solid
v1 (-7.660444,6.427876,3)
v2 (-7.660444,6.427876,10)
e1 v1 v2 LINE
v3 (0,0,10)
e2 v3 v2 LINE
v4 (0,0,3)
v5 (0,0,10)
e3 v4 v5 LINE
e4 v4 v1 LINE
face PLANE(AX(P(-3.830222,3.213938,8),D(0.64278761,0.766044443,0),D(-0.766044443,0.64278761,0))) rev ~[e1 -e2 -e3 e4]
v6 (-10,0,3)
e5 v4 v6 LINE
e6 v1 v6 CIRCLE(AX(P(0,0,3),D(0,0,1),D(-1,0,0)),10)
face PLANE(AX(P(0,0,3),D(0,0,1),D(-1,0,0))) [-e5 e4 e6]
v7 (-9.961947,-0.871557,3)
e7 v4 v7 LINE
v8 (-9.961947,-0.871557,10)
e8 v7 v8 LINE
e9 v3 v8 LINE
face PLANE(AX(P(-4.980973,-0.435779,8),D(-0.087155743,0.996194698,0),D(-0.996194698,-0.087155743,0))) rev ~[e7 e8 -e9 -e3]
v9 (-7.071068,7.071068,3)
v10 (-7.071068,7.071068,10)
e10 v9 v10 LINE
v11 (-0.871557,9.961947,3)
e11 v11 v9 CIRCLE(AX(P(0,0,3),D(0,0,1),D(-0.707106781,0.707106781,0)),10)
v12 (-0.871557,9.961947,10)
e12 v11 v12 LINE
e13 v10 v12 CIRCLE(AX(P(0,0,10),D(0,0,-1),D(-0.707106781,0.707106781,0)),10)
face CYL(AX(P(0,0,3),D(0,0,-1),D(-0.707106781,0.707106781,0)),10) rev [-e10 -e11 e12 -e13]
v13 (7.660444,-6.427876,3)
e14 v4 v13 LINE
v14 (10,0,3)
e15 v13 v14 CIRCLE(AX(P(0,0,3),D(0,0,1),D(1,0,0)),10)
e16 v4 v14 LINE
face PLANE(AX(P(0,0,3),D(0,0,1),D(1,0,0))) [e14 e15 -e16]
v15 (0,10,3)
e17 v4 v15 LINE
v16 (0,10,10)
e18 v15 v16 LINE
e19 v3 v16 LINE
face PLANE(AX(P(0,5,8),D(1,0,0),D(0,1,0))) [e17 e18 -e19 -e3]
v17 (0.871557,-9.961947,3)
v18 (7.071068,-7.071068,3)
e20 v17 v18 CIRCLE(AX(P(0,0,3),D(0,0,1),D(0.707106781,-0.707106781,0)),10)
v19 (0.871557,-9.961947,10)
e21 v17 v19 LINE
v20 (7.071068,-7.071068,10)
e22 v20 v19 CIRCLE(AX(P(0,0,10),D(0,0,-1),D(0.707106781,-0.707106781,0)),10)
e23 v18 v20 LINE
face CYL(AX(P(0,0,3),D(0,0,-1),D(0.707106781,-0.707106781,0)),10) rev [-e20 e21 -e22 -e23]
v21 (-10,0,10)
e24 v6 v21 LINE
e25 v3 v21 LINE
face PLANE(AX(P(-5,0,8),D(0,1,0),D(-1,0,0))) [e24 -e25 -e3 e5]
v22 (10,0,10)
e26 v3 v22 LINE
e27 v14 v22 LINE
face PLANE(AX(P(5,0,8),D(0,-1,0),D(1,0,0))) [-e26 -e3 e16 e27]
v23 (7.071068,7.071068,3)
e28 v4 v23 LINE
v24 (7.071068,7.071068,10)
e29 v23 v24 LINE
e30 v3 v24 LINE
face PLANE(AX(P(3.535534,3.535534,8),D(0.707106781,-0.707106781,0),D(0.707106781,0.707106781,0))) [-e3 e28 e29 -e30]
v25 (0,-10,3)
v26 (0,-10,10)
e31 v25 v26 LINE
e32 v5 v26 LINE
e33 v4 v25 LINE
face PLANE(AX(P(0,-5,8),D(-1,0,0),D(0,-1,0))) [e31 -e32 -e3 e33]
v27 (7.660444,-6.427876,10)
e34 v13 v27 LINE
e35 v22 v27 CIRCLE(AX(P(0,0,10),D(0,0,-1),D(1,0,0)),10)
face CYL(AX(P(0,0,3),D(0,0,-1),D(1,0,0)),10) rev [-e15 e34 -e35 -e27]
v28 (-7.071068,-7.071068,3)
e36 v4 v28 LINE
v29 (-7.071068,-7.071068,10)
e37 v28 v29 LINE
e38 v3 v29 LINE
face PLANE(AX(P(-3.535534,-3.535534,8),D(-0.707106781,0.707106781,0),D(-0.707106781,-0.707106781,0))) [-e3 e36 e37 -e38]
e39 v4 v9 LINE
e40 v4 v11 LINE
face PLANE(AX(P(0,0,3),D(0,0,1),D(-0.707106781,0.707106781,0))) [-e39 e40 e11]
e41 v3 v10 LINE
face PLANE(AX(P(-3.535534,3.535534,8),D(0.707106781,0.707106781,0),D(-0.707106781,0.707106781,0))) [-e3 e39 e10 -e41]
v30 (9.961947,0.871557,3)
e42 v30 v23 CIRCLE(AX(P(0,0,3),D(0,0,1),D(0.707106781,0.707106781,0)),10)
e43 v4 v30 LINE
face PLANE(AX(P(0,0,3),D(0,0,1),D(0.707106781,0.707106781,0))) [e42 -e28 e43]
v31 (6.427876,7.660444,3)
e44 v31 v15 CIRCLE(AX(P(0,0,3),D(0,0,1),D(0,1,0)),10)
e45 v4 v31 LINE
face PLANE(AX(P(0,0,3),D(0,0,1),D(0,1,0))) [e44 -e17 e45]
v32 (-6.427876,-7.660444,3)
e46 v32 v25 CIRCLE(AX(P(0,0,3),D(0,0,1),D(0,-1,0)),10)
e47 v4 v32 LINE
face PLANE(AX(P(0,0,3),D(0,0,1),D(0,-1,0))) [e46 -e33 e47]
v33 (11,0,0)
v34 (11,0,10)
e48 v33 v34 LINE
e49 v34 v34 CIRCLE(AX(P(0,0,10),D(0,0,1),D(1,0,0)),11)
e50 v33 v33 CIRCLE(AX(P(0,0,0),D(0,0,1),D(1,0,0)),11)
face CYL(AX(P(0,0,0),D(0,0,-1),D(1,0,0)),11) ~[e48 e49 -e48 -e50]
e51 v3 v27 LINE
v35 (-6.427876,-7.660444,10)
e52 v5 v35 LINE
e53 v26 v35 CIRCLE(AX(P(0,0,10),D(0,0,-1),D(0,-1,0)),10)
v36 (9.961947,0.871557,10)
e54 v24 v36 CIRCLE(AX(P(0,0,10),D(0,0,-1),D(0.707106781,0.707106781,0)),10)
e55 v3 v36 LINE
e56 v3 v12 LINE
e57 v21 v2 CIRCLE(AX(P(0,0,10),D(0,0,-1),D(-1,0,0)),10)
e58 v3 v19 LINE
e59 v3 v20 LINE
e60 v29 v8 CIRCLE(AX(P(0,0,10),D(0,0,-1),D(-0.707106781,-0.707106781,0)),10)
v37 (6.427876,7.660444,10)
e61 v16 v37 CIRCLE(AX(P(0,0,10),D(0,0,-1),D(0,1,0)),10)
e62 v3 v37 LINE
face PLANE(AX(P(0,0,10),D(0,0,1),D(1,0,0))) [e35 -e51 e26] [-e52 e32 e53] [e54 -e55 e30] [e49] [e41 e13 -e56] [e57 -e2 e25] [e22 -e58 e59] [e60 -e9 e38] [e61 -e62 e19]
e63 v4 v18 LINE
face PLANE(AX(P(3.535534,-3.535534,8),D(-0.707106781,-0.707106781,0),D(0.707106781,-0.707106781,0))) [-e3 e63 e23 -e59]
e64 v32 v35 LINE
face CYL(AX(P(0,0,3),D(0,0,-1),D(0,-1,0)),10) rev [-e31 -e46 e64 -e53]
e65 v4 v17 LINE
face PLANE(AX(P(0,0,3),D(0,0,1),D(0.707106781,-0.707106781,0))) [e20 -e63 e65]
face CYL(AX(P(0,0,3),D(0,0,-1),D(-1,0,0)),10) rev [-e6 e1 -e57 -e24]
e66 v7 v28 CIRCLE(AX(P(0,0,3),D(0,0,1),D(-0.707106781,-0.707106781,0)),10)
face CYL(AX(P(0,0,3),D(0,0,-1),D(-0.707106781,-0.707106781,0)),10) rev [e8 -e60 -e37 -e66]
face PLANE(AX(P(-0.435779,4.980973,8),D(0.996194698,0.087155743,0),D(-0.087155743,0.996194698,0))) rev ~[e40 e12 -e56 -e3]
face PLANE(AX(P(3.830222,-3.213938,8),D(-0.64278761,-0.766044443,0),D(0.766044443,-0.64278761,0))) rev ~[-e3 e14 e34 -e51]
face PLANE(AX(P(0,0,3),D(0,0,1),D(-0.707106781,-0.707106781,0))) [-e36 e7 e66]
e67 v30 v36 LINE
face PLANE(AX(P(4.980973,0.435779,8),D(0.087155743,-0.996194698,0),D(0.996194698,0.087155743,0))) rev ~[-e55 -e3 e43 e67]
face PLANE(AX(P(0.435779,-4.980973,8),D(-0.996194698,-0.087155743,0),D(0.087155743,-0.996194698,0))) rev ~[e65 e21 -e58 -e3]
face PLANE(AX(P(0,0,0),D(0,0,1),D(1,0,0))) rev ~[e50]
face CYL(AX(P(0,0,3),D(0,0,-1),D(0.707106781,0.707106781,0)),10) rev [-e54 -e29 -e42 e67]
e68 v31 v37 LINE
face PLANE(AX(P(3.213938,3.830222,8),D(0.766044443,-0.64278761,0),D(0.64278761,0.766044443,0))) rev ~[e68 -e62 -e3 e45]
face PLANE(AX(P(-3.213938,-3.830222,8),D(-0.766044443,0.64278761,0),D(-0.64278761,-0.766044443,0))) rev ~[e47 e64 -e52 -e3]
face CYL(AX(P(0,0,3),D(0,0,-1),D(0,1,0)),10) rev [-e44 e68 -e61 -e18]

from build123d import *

# Parameters (mm, degrees)
CYLINDER001_W     = 10
CYLINDER001_H     = 10
CYLINDER001_ANGLE = 320
CYLINDER_R        = 10
CYLINDER_DEPTH    = 10
ARRAY_COUNT       = 8
CYLINDER002_R     = 11
CYLINDER002_DEPTH = 10


with BuildPart() as cilindro:
    # Cylinder001 → Cylinder001 (revolve)
    with BuildSketch(Plane.XZ):
        with Locations((5, 5)):
            Rectangle(CYLINDER001_W, CYLINDER001_H)
    revolve(axis=Axis((0, 0, 0), (0, 0, 1)), revolution_arc=CYLINDER001_ANGLE)


with BuildPart() as array:
    # Cylinder → Cylinder (new body)
    with BuildSketch(Plane.XY):
        Circle(CYLINDER_R)
    extrude(amount=CYLINDER_DEPTH)

    # Cut: cut Cilindro
    add(cilindro.part, mode=Mode.SUBTRACT)


with BuildPart() as array_1:
    # Cut placement: moved
    add(array.part.moved(Location((0, 0, 3))))

    # Array: Array ×8 about axis
    array_axis = Axis((0, 0, 0), (0, 0, 1))


with BuildPart() as array_2:
    add(array_1.part)
    for i in range(1, ARRAY_COUNT):
        add(array_1.part.rotate(array_axis, i * 360 / ARRAY_COUNT))


with BuildPart() as cut001:
    # Cylinder002 → Cylinder002 (new body)
    with BuildSketch(Plane.XY):
        Circle(CYLINDER002_R)
    extrude(amount=CYLINDER002_DEPTH)

    # Cut001: cut Array
    add(array_2.part, mode=Mode.SUBTRACT)


solid = cut001.part
